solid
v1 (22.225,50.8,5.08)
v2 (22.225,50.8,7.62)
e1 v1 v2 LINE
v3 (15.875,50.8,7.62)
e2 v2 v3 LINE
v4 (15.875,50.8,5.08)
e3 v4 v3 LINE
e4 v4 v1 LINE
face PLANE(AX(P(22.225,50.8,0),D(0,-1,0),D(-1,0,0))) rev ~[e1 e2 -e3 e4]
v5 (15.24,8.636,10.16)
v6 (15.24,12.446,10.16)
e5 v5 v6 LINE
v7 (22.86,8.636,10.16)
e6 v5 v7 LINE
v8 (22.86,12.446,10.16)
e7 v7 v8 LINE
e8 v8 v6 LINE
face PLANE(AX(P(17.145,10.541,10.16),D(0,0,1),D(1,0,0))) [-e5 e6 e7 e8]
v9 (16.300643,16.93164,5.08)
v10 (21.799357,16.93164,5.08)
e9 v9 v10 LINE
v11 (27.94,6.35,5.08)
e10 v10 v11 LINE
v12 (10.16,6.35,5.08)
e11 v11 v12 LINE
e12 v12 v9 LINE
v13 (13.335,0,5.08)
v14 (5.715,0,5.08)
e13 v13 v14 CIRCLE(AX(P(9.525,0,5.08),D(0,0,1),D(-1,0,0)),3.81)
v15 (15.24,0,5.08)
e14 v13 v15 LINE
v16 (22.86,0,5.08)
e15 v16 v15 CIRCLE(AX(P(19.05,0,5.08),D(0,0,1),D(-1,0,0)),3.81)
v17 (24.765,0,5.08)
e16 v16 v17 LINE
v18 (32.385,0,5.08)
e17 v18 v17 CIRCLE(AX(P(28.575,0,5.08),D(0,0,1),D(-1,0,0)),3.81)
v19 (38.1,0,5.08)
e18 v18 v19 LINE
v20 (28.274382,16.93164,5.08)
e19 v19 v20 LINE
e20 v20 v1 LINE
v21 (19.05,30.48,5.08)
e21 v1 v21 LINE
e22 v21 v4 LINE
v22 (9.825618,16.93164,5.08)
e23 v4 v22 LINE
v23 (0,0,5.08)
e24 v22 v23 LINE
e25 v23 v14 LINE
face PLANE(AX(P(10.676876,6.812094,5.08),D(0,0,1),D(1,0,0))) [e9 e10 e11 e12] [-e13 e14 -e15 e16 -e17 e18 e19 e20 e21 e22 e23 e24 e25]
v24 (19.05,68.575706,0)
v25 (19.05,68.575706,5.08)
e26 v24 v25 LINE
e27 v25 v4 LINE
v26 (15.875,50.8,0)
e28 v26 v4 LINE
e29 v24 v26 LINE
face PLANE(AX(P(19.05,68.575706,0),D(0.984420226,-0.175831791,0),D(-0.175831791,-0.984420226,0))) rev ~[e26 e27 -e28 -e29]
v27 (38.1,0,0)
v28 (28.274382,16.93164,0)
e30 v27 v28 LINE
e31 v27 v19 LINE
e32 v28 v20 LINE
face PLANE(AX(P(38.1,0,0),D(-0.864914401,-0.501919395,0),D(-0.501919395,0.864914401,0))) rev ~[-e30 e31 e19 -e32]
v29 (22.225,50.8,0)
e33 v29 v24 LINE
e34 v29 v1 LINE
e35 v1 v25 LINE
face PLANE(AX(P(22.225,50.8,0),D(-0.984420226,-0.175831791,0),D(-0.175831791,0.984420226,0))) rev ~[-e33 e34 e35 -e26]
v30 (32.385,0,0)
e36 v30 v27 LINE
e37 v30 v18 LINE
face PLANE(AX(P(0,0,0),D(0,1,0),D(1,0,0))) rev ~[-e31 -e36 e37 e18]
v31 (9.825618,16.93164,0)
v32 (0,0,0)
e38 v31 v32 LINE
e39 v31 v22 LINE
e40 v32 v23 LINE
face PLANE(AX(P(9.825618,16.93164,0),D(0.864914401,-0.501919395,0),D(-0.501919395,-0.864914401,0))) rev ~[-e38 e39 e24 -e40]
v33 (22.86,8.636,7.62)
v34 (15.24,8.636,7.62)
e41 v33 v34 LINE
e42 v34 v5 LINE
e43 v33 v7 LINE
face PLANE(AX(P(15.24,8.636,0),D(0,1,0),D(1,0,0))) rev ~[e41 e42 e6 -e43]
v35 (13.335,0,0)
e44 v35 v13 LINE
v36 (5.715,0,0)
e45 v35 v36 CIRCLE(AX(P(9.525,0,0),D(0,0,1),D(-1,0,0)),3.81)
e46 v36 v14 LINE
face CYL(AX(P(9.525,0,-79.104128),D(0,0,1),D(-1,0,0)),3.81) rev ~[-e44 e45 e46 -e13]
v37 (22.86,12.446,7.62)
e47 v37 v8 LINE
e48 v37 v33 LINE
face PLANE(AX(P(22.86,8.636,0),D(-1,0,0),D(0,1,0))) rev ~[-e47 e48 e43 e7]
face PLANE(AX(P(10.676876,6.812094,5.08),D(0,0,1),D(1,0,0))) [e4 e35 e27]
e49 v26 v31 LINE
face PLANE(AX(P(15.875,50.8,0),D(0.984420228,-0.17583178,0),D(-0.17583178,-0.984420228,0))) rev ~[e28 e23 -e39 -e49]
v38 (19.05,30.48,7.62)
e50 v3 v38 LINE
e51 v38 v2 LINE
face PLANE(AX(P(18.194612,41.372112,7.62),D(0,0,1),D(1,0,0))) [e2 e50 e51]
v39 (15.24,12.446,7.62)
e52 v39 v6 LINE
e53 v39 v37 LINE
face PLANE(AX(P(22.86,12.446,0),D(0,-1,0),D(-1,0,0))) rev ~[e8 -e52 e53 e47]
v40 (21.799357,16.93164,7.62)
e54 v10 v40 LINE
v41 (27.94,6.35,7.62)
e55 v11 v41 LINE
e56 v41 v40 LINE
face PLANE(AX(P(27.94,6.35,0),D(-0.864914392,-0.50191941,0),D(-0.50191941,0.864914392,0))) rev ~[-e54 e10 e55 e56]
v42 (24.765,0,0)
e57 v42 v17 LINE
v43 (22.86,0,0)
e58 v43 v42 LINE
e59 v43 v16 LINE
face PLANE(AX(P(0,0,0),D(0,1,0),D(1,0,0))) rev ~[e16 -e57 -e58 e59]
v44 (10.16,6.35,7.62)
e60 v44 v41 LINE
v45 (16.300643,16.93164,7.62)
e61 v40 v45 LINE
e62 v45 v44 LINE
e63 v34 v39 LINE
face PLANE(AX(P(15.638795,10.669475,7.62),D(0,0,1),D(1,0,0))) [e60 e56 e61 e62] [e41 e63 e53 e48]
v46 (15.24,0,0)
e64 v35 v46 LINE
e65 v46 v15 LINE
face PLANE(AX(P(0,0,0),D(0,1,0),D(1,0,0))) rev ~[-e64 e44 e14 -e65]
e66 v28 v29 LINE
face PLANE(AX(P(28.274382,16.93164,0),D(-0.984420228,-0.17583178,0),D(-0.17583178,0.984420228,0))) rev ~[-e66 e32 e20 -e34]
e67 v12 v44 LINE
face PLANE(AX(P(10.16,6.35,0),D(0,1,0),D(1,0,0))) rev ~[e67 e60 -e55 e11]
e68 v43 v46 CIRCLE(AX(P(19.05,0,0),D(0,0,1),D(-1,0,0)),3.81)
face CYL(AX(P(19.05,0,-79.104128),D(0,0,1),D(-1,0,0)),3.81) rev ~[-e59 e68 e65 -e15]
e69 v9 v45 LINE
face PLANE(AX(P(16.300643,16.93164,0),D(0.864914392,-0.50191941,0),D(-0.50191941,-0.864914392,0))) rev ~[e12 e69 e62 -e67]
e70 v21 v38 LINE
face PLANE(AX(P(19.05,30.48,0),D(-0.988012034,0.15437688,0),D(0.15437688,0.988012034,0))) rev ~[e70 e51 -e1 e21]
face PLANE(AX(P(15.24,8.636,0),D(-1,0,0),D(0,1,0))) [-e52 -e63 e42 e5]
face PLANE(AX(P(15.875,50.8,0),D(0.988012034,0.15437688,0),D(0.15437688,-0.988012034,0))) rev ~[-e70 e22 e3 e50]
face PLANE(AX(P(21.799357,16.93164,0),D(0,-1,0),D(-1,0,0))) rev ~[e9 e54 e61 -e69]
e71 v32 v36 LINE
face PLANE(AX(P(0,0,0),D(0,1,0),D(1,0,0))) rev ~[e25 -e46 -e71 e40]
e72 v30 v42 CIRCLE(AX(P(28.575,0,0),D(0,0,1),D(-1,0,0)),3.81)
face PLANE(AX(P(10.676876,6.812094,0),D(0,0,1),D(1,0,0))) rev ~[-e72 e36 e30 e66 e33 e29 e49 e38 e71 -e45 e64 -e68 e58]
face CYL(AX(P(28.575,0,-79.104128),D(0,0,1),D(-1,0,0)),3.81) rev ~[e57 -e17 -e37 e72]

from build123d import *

# Parameters (mm, degrees)
F1_DEPTH = 5.08
F2_DEPTH = 7.62
F0_W     = 3.81
F0_H     = 3.81
F3_DEPTH = 10.16
F4_DEPTH = 7.62
F5_D     = 7.62
F6_D     = 7.62


with BuildPart() as f1:
    # F0 (on Top) → F1 (new body)
    with BuildSketch(Plane.XY):
        Polygon((9.825618, 16.93164), (0, 0), (19.05, 0), (19.05, 6.35), (10.16, 6.35), (16.300643, 16.93164), align=None)
        Polygon((19.05, 6.35), (19.05, 0), (38.1, 0), (28.274382, 16.93164), (21.799357, 16.93164), (27.94, 6.35), align=None)
        Polygon((21.799357, 16.93164), (28.274382, 16.93164), (22.225, 50.8), (19.05, 30.48), (19.05, 16.93164), align=None)
        Polygon((15.875, 50.8), (9.825618, 16.93164), (16.300643, 16.93164), (19.05, 16.93164), (19.05, 30.48), align=None)
        Polygon((19.05, 68.575706), (15.875, 50.8), (19.05, 50.8), (22.225, 50.8), align=None)
        Polygon((22.225, 50.8), (19.05, 50.8), (19.05, 30.48), align=None)
        Polygon((19.05, 50.8), (15.875, 50.8), (19.05, 30.48), align=None)
    extrude(amount=F1_DEPTH)

    # F0 (on Top) → F2 (join)
    with BuildSketch(Plane.XY):
        Polygon((10.16, 6.35), (19.05, 6.35), (19.05, 8.636), (15.24, 8.636), (15.24, 12.446), (19.05, 12.446), (19.05, 16.93164), (16.300643, 16.93164), align=None)
        Polygon((19.05, 8.636), (19.05, 6.35), (27.94, 6.35), (21.799357, 16.93164), (19.05, 16.93164), (19.05, 12.446), (22.86, 12.446), (22.86, 8.636), align=None)
    extrude(amount=F2_DEPTH)

    # F0 (on Top) → F3 (join)
    with BuildSketch(Plane.XY):
        with Locations((17.145, 10.541)):
            Rectangle(F0_W, F0_H)
        with Locations((20.955, 10.541)):
            Rectangle(F0_W, F0_H)
    extrude(amount=F3_DEPTH)

    # F0 (on Top) → F4 (join)
    with BuildSketch(Plane.XY):
        Polygon((19.05, 50.8), (15.875, 50.8), (19.05, 30.48), align=None)
        Polygon((22.225, 50.8), (19.05, 50.8), (19.05, 30.48), align=None)
    extrude(amount=F4_DEPTH)

    # F5 (through all)
    with Locations(Plane(origin=(0, 0, 0), x_dir=(1, 0, 0), z_dir=(0, 0, -1))):
        with Locations((19.05, 0)):
            Hole(F5_D / 2)

    # F6 (through all)
    with Locations(Plane(origin=(0, 0, 0), x_dir=(1, 0, 0), z_dir=(0, 0, -1))):
        with Locations((9.525, 0), (28.575, 0)):
            Hole(F6_D / 2)


solid = f1.part
